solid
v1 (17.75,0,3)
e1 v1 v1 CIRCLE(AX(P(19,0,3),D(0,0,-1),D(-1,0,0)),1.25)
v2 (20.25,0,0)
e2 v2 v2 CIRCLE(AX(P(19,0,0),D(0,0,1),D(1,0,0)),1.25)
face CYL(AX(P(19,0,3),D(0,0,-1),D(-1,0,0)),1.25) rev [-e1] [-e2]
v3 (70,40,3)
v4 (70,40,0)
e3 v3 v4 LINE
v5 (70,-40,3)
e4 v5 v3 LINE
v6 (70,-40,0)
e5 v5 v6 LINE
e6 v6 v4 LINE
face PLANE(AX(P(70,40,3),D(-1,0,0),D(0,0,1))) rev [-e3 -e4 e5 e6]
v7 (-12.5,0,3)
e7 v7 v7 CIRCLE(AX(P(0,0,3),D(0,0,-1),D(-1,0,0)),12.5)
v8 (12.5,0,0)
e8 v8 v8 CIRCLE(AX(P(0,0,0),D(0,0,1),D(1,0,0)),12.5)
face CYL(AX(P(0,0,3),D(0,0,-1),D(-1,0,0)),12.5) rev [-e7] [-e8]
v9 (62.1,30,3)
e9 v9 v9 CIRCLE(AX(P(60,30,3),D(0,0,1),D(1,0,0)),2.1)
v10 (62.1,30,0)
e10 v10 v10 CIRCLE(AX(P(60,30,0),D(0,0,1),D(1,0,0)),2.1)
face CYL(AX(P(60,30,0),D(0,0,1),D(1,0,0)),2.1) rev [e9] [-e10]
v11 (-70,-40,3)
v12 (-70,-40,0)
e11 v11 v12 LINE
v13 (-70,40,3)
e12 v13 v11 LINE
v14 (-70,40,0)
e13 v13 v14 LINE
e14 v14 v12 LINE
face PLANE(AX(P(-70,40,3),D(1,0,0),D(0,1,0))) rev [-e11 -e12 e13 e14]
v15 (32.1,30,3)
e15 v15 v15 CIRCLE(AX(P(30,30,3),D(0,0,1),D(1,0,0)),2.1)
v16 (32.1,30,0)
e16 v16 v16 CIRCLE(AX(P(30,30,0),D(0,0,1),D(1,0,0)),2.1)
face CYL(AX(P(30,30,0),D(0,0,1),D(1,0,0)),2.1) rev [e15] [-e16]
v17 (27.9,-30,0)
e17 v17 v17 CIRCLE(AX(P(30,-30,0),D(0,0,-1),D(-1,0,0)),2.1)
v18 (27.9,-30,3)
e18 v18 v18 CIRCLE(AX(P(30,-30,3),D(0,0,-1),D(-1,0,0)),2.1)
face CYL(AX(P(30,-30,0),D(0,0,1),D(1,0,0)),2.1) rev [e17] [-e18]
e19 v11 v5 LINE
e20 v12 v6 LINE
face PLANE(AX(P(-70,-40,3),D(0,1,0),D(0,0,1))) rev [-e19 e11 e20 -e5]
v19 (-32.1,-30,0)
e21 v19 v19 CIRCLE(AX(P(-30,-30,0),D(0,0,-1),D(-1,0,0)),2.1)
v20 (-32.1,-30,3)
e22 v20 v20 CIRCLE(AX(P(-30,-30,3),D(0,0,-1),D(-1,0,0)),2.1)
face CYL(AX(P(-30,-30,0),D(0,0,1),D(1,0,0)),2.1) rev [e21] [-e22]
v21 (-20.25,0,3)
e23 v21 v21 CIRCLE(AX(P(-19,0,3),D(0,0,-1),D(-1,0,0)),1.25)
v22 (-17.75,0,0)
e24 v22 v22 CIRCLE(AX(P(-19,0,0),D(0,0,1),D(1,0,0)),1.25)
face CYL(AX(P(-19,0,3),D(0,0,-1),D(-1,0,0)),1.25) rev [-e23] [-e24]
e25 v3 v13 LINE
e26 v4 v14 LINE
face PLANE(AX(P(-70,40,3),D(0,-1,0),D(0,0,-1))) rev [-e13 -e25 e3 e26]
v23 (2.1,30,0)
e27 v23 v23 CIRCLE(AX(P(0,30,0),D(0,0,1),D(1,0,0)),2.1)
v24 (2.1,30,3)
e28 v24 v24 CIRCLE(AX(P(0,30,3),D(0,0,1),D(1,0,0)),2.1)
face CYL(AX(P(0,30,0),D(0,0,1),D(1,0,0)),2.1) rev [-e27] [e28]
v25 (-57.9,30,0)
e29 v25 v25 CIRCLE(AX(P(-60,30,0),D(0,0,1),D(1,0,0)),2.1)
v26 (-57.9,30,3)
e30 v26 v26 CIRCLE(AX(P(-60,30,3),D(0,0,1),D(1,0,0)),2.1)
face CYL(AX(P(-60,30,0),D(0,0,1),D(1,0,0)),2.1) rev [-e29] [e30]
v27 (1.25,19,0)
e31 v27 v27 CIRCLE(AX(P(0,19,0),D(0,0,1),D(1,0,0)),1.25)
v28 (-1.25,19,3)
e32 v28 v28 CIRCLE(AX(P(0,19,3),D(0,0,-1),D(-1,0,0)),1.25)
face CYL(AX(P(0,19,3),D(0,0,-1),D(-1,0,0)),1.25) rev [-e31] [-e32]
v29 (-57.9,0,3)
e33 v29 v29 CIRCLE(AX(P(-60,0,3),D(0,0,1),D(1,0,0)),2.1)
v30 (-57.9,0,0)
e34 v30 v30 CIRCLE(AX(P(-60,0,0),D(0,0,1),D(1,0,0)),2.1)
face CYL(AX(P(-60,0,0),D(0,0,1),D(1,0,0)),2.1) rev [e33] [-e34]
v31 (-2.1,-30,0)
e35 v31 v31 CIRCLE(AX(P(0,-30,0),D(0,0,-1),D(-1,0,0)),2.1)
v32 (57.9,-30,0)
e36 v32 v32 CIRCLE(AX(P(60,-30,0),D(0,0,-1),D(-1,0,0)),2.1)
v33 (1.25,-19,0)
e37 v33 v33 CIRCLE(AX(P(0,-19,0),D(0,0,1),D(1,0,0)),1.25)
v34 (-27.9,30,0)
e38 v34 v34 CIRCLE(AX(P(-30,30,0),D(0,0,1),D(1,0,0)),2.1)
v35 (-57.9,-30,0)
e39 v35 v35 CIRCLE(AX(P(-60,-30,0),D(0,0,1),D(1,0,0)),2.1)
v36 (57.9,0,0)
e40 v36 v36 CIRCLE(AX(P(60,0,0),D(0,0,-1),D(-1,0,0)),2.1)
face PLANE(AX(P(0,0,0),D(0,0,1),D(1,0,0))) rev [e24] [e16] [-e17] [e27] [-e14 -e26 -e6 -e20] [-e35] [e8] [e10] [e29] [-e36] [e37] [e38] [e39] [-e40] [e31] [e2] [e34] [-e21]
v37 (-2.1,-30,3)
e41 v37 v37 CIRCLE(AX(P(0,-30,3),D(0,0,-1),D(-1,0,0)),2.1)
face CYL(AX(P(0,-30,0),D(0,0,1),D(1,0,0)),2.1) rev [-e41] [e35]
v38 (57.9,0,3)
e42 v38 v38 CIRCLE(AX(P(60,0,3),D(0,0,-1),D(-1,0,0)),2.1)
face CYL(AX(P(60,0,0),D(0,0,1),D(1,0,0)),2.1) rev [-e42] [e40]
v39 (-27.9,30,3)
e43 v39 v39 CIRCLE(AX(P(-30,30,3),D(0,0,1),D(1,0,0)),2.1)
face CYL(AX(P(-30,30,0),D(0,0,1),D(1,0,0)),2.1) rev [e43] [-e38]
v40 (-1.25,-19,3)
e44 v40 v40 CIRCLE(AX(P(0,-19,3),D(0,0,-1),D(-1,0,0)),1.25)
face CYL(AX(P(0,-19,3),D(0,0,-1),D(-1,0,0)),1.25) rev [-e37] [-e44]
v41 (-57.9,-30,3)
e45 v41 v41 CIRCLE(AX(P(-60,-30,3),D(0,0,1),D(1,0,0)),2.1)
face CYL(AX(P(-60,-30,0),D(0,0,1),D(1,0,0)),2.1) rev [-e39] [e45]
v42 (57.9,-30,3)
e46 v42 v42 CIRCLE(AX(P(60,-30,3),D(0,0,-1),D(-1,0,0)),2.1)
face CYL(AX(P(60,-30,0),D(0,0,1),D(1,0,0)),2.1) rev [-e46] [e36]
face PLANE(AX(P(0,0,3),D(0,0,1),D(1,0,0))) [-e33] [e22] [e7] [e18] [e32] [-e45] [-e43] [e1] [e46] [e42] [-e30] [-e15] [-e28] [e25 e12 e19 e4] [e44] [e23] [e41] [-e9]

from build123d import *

# Parameters (mm, degrees)
SKETCH_1_W               = 140
SKETCH_1_H               = 80
EXTRUDE_1_DEPTH          = 3
SKETCH_2_R               = 2.1
CUT_EXTRUDE_1_DEPTH      = 81.678373806
CUT_EXTRUDE_2_DEPTH      = 81.678373806
CUT_EXTRUDE_2_DEPTH_BACK = 81.678373806
SKETCH_3_R               = 1.25
CUT_EXTRUDE_3_DEPTH      = 81.678373806
CUT_EXTRUDE_3_DEPTH_BACK = 81.678373806
SKETCH_4_R               = 12.5


with BuildPart() as part:
    # 草图1 → 凸台-拉伸1 (new body)
    with BuildSketch(Plane.XY):
        Rectangle(SKETCH_1_W, SKETCH_1_H)
    extrude(amount=EXTRUDE_1_DEPTH)

    # 草图2 → 切除-拉伸1 (cut, through all)
    with BuildSketch(Plane.XY.offset(3)):
        with Locations((-60, 30)):
            Circle(SKETCH_2_R)
        with Locations((-30, 30)):
            Circle(SKETCH_2_R)
        with Locations((0, 30)):
            Circle(SKETCH_2_R)
        with Locations((30, 30)):
            Circle(SKETCH_2_R)
        with Locations((60, 30)):
            Circle(SKETCH_2_R)
        with Locations((-60, 0)):
            Circle(SKETCH_2_R)
        with Locations((-60, -30)):
            Circle(SKETCH_2_R)
        with Locations((-60, -60)):
            Circle(SKETCH_2_R)
        with Locations((-60, -90)):
            Circle(SKETCH_2_R)
        with Locations((-60, -120)):
            Circle(SKETCH_2_R)
        with Locations((-60, -150)):
            Circle(SKETCH_2_R)
        with Locations((-60, -180)):
            Circle(SKETCH_2_R)
        with Locations((-60, -210)):
            Circle(SKETCH_2_R)
        with Locations((60, -210)):
            Circle(SKETCH_2_R)
        with Locations((60, -180)):
            Circle(SKETCH_2_R)
        with Locations((60, -150)):
            Circle(SKETCH_2_R)
        with Locations((60, -120)):
            Circle(SKETCH_2_R)
        with Locations((60, -90)):
            Circle(SKETCH_2_R)
        with Locations((60, -60)):
            Circle(SKETCH_2_R)
        with Locations(Location((60, -30, 0), (0, 0, 180))):
            Circle(SKETCH_2_R)
        with Locations(Location((60, 0, 0), (0, 0, 180))):
            Circle(SKETCH_2_R)
        with Locations(Location((30, -30, 0), (0, 0, 180))):
            Circle(SKETCH_2_R)
        with Locations(Location((0, -30, 0), (0, 0, 180))):
            Circle(SKETCH_2_R)
        with Locations(Location((-30, -30, 0), (0, 0, 180))):
            Circle(SKETCH_2_R)
    extrude(amount=-CUT_EXTRUDE_1_DEPTH, mode=Mode.SUBTRACT)

    # 草图3 → 切除-拉伸2 (cut, two sides: drawn at the far end of the back side and taken through both)
    with BuildSketch(Plane(origin=(0, 0, 0), x_dir=(-1, 0, 0), z_dir=(0, 0, -1)).offset(-CUT_EXTRUDE_2_DEPTH_BACK)):
        with Locations((19, 0)):
            Circle(SKETCH_3_R)
        with Locations((0, -19)):
            Circle(SKETCH_3_R)
        with Locations((-19, 0)):
            Circle(SKETCH_3_R)
        with Locations((0, 19)):
            Circle(SKETCH_3_R)
    extrude(amount=CUT_EXTRUDE_2_DEPTH + CUT_EXTRUDE_2_DEPTH_BACK, mode=Mode.SUBTRACT)

    # 草图4 → 切除-拉伸3 (cut, two sides: drawn at the far end of the back side and taken through both)
    with BuildSketch(Plane(origin=(0, 0, 0), x_dir=(-1, 0, 0), z_dir=(0, 0, -1)).offset(-CUT_EXTRUDE_3_DEPTH_BACK)):
        Circle(SKETCH_4_R)
    extrude(amount=CUT_EXTRUDE_3_DEPTH + CUT_EXTRUDE_3_DEPTH_BACK, mode=Mode.SUBTRACT)


solid = part.part
